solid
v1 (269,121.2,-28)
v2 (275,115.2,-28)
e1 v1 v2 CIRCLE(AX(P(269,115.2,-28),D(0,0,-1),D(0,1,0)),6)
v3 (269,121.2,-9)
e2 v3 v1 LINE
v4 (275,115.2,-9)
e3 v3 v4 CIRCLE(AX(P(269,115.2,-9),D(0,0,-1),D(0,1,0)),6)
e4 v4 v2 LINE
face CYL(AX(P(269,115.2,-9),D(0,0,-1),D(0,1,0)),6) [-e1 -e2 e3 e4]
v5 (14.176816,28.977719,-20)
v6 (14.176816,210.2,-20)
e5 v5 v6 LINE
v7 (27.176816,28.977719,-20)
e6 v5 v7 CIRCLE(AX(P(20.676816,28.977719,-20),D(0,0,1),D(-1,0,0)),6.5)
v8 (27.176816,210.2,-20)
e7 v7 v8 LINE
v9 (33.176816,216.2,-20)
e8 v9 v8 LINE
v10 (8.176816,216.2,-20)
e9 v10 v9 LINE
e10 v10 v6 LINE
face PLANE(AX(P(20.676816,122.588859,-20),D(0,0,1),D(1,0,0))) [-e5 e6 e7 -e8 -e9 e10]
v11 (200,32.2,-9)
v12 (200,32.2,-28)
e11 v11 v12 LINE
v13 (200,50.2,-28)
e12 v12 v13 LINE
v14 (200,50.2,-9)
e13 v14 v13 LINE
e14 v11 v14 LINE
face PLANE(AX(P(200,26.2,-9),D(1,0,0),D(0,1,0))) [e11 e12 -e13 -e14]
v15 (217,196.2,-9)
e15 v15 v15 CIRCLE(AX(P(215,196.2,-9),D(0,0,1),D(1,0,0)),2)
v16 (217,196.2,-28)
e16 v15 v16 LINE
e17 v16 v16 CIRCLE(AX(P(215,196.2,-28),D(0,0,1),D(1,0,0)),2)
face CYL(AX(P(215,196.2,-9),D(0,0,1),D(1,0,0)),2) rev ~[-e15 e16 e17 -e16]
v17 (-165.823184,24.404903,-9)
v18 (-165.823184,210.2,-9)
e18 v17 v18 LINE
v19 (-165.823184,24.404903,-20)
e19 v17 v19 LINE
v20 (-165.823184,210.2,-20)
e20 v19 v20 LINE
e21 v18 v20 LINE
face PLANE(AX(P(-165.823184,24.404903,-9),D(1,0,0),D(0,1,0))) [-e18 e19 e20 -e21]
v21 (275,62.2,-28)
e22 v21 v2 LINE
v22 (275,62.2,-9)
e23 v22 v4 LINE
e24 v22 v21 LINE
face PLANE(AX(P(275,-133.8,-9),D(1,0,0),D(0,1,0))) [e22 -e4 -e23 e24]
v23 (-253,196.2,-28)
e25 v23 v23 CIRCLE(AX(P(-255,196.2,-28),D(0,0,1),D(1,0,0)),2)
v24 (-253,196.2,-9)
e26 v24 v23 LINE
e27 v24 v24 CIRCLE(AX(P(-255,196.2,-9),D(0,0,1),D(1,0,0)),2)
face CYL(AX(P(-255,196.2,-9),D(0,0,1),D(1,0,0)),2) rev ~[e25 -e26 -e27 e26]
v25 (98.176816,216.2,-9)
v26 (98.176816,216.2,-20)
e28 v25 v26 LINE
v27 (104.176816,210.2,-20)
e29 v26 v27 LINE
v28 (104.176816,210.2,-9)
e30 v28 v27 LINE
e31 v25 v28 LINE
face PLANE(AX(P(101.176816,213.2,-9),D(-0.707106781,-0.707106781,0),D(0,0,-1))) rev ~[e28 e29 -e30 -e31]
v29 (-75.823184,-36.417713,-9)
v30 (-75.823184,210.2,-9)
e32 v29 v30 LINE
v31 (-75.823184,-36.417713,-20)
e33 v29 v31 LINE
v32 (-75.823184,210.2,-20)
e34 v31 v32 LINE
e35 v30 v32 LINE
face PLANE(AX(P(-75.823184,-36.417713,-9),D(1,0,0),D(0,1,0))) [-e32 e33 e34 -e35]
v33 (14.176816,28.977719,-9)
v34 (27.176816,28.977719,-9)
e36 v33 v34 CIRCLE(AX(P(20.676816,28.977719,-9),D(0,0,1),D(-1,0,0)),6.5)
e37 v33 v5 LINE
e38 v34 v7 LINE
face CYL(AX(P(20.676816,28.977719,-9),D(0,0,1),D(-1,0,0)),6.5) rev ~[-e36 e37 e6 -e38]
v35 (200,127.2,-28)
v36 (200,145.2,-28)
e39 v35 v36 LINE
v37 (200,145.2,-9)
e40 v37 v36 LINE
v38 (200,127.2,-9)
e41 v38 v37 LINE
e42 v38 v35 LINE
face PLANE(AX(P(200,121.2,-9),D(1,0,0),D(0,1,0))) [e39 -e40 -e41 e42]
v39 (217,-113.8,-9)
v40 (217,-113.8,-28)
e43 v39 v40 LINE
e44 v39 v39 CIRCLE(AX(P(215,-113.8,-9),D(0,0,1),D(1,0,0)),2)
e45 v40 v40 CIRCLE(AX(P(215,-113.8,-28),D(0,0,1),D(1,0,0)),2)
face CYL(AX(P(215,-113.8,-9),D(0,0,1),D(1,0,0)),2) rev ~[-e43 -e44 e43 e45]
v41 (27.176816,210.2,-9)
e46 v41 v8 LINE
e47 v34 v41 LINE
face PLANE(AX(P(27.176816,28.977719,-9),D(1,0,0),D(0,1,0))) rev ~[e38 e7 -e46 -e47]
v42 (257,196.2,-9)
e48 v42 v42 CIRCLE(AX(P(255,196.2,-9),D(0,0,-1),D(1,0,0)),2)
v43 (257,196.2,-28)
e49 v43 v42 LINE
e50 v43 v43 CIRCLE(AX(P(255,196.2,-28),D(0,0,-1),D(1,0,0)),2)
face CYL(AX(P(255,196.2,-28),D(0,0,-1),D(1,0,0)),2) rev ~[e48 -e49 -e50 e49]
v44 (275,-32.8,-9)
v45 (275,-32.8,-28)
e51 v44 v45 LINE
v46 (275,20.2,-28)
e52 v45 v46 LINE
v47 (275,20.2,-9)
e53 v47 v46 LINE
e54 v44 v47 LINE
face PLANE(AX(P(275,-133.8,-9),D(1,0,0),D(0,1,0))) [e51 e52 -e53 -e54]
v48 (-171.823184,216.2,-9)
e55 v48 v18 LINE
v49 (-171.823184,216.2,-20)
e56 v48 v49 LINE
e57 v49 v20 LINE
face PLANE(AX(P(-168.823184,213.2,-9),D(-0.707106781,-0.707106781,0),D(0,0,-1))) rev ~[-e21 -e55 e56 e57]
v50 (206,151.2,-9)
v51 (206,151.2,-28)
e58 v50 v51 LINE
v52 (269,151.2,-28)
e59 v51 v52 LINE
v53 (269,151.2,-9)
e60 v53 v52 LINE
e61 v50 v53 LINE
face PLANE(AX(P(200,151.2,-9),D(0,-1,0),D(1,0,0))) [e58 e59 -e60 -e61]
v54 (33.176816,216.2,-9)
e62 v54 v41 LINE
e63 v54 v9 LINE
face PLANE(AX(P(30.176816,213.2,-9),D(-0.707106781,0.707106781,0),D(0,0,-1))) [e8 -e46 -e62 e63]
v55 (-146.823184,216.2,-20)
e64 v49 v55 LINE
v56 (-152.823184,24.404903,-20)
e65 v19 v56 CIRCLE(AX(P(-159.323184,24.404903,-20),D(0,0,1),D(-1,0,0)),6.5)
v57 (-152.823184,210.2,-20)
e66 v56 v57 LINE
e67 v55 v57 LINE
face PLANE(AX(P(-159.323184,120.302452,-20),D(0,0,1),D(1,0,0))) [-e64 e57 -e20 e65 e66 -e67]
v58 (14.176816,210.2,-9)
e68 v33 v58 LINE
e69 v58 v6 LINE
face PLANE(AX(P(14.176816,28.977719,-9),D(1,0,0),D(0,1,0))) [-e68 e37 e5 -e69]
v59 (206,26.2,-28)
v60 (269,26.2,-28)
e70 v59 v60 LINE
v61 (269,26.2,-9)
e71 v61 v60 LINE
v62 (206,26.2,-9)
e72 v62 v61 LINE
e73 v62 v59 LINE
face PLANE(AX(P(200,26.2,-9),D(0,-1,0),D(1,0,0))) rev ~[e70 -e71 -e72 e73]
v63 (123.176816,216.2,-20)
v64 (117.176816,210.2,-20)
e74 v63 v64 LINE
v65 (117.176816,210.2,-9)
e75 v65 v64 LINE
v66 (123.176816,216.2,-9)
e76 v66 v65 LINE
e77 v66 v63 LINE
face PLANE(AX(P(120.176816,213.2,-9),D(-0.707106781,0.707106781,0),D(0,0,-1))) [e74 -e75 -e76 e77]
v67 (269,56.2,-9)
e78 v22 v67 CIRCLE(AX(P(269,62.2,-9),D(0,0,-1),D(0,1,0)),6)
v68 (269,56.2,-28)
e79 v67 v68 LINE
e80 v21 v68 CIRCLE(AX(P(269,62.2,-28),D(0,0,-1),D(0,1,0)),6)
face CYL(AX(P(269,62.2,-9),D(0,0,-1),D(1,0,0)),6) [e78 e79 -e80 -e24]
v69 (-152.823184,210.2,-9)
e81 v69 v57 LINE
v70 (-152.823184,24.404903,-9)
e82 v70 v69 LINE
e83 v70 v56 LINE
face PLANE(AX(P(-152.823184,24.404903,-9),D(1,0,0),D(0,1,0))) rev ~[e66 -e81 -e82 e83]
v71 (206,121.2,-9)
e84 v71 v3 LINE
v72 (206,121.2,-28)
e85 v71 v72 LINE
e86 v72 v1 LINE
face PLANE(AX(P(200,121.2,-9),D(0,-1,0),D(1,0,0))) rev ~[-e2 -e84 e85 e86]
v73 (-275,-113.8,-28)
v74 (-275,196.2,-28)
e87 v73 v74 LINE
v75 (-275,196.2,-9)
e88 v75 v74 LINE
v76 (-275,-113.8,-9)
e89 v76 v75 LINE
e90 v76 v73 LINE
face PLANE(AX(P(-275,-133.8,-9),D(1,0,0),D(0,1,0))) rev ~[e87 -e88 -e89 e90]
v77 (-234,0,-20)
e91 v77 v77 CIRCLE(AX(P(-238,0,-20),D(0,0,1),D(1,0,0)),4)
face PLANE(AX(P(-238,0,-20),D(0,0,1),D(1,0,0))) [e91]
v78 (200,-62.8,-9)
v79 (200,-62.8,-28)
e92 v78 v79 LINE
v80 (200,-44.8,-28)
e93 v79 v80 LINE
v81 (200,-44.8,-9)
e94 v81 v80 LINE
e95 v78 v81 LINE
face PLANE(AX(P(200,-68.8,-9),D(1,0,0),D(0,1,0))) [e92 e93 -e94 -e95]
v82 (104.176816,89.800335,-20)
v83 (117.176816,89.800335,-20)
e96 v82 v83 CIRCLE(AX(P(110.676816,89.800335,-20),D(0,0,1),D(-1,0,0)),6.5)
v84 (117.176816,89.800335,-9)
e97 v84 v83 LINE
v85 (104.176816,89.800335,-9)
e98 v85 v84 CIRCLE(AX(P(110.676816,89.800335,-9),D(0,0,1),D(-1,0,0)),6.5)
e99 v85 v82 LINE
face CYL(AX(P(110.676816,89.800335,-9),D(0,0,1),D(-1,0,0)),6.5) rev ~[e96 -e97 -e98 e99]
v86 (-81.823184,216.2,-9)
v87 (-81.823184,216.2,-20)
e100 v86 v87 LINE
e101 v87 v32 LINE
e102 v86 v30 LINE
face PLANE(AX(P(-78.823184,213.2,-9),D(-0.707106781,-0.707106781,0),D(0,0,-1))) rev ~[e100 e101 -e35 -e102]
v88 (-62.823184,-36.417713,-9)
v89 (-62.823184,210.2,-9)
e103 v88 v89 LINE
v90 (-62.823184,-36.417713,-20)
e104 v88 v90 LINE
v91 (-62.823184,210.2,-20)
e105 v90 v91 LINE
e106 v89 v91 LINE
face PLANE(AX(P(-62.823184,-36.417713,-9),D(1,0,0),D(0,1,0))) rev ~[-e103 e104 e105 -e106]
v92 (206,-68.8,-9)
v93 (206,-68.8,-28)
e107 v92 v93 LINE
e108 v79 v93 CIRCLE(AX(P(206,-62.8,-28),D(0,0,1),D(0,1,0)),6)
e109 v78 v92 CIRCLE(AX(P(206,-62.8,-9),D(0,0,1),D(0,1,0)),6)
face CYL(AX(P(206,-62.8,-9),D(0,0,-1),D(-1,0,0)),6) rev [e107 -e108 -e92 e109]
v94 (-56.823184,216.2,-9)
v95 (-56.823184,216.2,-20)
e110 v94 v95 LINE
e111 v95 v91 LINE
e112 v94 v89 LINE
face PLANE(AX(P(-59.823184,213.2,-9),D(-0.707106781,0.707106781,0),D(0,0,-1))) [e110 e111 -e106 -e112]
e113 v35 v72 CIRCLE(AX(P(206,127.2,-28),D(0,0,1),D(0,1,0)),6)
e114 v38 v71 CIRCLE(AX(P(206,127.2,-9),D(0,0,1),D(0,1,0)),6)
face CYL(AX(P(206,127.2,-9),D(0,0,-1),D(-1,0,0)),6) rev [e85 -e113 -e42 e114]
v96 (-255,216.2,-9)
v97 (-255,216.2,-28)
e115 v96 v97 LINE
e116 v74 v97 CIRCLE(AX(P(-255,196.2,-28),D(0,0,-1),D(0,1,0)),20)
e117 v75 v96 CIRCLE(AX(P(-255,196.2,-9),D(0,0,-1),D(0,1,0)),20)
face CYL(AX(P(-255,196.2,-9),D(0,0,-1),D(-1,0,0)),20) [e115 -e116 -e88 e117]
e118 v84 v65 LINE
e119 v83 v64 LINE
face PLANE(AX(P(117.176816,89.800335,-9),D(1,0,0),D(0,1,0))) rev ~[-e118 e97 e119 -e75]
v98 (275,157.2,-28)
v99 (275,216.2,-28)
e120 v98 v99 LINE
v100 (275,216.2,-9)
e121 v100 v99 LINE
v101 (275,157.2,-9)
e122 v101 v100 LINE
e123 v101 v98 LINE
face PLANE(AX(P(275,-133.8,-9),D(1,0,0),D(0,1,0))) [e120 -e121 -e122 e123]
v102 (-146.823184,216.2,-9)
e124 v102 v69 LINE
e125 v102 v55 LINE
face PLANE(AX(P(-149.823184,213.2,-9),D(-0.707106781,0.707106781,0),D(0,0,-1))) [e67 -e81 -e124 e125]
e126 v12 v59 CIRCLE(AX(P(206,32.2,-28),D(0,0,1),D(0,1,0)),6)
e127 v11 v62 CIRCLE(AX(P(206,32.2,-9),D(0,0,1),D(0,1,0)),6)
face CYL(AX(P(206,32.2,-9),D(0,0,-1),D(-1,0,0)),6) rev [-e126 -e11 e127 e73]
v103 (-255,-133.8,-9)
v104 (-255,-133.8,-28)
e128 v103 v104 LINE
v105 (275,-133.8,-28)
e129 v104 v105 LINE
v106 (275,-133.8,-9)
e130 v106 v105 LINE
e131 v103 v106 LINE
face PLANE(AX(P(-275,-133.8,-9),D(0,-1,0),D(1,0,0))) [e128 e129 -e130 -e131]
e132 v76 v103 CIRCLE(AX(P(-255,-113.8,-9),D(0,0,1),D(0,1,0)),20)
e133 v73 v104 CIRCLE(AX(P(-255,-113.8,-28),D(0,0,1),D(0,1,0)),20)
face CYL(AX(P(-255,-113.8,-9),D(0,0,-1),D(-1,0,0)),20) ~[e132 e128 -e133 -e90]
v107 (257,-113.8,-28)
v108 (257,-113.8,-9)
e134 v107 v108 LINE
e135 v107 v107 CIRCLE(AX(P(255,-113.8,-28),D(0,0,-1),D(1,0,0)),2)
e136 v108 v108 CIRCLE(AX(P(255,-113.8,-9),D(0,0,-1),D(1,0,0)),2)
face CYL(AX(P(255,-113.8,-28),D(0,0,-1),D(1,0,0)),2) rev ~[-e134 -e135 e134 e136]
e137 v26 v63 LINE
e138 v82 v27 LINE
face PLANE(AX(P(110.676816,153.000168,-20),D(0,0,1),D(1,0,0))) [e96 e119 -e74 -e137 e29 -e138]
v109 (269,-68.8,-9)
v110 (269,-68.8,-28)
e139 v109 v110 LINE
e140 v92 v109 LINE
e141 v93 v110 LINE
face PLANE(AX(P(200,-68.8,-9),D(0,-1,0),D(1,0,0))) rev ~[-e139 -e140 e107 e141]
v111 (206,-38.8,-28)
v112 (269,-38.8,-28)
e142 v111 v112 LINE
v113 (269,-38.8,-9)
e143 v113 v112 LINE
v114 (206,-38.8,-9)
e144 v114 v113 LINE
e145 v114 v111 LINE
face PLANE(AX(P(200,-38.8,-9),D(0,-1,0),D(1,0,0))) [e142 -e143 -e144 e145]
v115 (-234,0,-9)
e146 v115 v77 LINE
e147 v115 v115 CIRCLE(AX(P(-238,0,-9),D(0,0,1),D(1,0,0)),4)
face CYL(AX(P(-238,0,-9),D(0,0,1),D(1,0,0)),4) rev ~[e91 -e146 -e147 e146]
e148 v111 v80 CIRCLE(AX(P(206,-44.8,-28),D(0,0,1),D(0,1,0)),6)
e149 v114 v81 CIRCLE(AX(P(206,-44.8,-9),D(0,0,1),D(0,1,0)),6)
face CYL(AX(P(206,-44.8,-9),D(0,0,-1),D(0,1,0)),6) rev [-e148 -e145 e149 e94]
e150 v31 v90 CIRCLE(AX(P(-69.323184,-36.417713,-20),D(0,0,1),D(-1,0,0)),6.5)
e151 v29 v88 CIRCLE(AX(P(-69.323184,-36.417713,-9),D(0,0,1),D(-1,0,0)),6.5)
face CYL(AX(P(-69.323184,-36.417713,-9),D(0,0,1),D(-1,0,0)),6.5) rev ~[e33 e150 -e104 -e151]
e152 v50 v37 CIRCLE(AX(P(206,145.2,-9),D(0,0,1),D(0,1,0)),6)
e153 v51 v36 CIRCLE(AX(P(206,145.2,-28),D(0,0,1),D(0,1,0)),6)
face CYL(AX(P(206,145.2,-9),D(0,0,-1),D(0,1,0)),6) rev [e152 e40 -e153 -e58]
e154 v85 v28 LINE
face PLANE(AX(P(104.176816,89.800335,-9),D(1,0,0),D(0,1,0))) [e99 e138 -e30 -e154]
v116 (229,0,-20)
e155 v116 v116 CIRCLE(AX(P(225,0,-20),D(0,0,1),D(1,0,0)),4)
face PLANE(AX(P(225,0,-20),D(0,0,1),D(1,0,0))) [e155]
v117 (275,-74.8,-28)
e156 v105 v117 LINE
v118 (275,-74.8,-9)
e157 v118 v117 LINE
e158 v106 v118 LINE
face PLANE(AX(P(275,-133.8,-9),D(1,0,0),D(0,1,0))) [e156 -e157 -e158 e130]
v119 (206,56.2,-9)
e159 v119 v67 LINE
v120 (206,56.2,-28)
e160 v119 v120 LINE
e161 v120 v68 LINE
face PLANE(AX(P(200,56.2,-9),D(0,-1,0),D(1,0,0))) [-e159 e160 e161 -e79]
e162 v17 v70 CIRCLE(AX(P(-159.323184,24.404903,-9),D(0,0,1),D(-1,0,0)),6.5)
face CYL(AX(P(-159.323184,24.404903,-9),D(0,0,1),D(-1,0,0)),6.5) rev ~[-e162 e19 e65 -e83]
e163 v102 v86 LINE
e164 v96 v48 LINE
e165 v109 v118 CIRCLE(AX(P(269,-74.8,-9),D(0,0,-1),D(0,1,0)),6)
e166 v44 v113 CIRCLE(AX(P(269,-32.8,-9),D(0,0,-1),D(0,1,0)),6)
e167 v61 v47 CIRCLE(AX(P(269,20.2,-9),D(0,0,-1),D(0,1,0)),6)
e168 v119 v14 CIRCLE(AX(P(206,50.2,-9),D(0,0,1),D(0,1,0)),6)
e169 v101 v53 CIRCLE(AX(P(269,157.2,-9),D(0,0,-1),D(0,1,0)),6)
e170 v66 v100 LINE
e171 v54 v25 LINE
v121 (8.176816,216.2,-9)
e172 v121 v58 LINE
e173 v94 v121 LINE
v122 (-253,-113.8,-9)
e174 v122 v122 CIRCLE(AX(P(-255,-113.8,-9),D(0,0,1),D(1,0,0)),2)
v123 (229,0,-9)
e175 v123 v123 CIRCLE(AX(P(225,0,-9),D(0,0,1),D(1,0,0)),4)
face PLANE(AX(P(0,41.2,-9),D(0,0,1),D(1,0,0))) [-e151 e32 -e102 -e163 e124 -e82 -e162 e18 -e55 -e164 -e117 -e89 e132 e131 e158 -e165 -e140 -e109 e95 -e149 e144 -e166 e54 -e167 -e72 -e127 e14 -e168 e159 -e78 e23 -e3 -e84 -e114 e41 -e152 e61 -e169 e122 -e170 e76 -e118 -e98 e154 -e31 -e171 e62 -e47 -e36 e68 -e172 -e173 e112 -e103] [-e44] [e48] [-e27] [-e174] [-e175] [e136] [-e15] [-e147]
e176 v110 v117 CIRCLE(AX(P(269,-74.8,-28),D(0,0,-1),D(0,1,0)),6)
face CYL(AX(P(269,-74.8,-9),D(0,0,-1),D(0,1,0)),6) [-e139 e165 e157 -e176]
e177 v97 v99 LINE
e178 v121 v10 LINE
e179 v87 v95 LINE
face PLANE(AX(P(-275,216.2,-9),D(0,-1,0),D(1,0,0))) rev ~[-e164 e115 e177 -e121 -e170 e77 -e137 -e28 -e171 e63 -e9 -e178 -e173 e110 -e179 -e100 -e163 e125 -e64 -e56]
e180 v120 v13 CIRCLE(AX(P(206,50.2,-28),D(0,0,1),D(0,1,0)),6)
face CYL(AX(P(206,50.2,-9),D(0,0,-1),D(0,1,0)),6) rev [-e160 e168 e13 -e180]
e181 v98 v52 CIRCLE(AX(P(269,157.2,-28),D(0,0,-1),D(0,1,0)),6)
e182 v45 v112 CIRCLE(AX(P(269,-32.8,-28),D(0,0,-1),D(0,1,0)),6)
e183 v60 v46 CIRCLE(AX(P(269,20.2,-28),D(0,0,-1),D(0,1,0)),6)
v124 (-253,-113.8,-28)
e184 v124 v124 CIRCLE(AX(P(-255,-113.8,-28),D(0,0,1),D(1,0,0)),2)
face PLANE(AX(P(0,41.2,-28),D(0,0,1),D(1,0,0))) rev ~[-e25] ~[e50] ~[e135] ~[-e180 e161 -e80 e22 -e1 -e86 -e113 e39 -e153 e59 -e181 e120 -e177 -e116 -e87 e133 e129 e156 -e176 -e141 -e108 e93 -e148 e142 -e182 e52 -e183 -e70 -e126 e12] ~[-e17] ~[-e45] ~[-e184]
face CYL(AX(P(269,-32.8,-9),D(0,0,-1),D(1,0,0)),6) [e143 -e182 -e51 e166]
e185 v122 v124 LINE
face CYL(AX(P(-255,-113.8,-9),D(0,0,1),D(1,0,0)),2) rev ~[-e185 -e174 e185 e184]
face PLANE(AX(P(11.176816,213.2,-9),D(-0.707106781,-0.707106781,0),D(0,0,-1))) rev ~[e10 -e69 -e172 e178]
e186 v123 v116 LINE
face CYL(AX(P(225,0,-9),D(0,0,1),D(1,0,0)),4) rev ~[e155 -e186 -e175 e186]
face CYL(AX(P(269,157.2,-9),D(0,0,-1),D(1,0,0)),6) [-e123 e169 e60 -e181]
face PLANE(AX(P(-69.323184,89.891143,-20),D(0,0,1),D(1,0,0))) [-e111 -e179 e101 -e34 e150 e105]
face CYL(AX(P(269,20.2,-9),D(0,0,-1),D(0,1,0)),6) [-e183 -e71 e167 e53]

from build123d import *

# Parameters (mm, degrees)
SKETCH011_W     = 550
SKETCH011_H     = 350
PAD012_DEPTH    = 19
SKETCH012_R     = 4
POCKET007_DEPTH = 11
FILLET_R        = 20
SKETCH013_R     = 2
POCKET008_DEPTH = 19.001
SKETCH014_W     = 75
SKETCH014_H     = 30
POCKET009_DEPTH = 19.001
FILLET004_R     = 6
SKETCH028_R     = 2
POCKET018_DEPTH = 19.001
CHAMFER008_SIZE = 6


with BuildPart() as part:
    # Sketch011 → Pad012 (new body)
    with BuildSketch(Plane.XY):
        with Locations((0, 41.2)):
            Rectangle(SKETCH011_W, SKETCH011_H)
    extrude(amount=-PAD012_DEPTH)

    # Sketch012 (on Face5 of Pad012) → Pocket007 (cut)
    with BuildSketch(Plane.XY):
        with Locations((-238, 0)):
            Circle(SKETCH012_R)
        with Locations((225, 0)):
            Circle(SKETCH012_R)
        with BuildLine():
            ThreePointArc((-165.823184, 24.404903), (-159.323184, 17.904903), (-152.823184, 24.404903))
            Line((-152.823184, 24.404903), (-152.823184, 216.2))
            ThreePointArc((-152.823184, 216.2), (-159.323184, 222.7), (-165.823184, 216.2))
            Line((-165.823184, 24.404903), (-165.823184, 216.2))
        make_face()
        with BuildLine():
            ThreePointArc((-75.823184, -36.417713), (-69.323184, -42.917713), (-62.823184, -36.417713))
            Line((-62.823184, -36.417713), (-62.823184, 216.2))
            ThreePointArc((-62.823184, 216.2), (-69.323184, 222.7), (-75.823184, 216.2))
            Line((-75.823184, -36.417713), (-75.823184, 216.2))
        make_face()
        with BuildLine():
            ThreePointArc((14.176816, 28.977719), (20.676816, 22.477719), (27.176816, 28.977719))
            Line((27.176816, 28.977719), (27.176816, 216.2))
            ThreePointArc((27.176816, 216.2), (20.676816, 222.7), (14.176816, 216.2))
            Line((14.176816, 28.977719), (14.176816, 216.2))
        make_face()
        with BuildLine():
            ThreePointArc((104.176816, 89.800335), (110.676816, 83.300335), (117.176816, 89.800335))
            Line((117.176816, 89.800335), (117.176816, 216.2))
            ThreePointArc((117.176816, 216.2), (110.676816, 222.7), (104.176816, 216.2))
            Line((104.176816, 89.800335), (104.176816, 216.2))
        make_face()
    extrude(amount=-POCKET007_DEPTH, mode=Mode.SUBTRACT)

    # Fillet
    fillet_edges = [part.edges().sort_by_distance(p)[0] for p in [
        (-275, -133.8, -9.5),
        (-275, 216.2, -9.5),
    ]]
    fillet(fillet_edges, radius=FILLET_R)

    # Sketch013 (on Face2 of Fillet) → Pocket008 (cut, through all)
    with BuildSketch(Plane.XY):
        with Locations((-255, 196.2)):
            Circle(SKETCH013_R)
        with Locations((-255, -113.8)):
            Circle(SKETCH013_R)
        with Locations((215, -113.8)):
            Circle(SKETCH013_R)
        with Locations((215, 196.2)):
            Circle(SKETCH013_R)
    extrude(amount=-POCKET008_DEPTH, mode=Mode.SUBTRACT)

    # Sketch014 (on Face2 of Pocket008) → Pocket009 (cut, through all)
    with BuildSketch(Plane.XY):
        with Locations((237.5, 136.2)):
            Rectangle(SKETCH014_W, SKETCH014_H)
        with Locations((237.5, -53.8)):
            Rectangle(SKETCH014_W, SKETCH014_H)
        with Locations((237.5, 41.2)):
            Rectangle(SKETCH014_W, SKETCH014_H)
    extrude(amount=-POCKET009_DEPTH, mode=Mode.SUBTRACT)

    # Fillet004
    fillet004_edges = [part.edges().sort_by_distance(p)[0] for p in [
        (275, 151.2, -9.5),
        (200, 151.2, -9.5),
        (275, 121.2, -9.5),
        (275, 56.2, -9.5),
        (200, 56.2, -9.5),
        (275, 26.2, -9.5),
        (200, -38.8, -9.5),
        (275, -38.8, -9.5),
        (275, -68.8, -9.5),
        (200, -68.8, -9.5),
        (200, 26.2, -9.5),
        (200, 121.2, -9.5),
    ]]
    fillet(fillet004_edges, radius=FILLET004_R)

    # Sketch028 (on Face50 of Fillet004) → Pocket018 (cut, through all)
    with BuildSketch(Plane(origin=(0, 0, -19), x_dir=(1, 0, 0), z_dir=(0, 0, -1))):
        with Locations((255, -196.2)):
            Circle(SKETCH028_R)
        with Locations((255, 113.8)):
            Circle(SKETCH028_R)
    extrude(amount=-POCKET018_DEPTH, mode=Mode.SUBTRACT)

    # Chamfer008
    chamfer008_edges = [part.edges().sort_by_distance(p)[0] for p in [
        (-165.823184, 216.2, -5.5),
        (-152.823184, 216.2, -5.5),
        (-75.823184, 216.2, -5.5),
        (-62.823184, 216.2, -5.5),
        (14.176816, 216.2, -5.5),
        (27.176816, 216.2, -5.5),
        (104.176816, 216.2, -5.5),
        (117.176816, 216.2, -5.5),
    ]]
    chamfer(chamfer008_edges, length=CHAMFER008_SIZE)


with BuildPart() as part_1:
    # Body008 placement: moved
    add(part.part.moved(Location((0, 0, -9))))


solid = part_1.part
